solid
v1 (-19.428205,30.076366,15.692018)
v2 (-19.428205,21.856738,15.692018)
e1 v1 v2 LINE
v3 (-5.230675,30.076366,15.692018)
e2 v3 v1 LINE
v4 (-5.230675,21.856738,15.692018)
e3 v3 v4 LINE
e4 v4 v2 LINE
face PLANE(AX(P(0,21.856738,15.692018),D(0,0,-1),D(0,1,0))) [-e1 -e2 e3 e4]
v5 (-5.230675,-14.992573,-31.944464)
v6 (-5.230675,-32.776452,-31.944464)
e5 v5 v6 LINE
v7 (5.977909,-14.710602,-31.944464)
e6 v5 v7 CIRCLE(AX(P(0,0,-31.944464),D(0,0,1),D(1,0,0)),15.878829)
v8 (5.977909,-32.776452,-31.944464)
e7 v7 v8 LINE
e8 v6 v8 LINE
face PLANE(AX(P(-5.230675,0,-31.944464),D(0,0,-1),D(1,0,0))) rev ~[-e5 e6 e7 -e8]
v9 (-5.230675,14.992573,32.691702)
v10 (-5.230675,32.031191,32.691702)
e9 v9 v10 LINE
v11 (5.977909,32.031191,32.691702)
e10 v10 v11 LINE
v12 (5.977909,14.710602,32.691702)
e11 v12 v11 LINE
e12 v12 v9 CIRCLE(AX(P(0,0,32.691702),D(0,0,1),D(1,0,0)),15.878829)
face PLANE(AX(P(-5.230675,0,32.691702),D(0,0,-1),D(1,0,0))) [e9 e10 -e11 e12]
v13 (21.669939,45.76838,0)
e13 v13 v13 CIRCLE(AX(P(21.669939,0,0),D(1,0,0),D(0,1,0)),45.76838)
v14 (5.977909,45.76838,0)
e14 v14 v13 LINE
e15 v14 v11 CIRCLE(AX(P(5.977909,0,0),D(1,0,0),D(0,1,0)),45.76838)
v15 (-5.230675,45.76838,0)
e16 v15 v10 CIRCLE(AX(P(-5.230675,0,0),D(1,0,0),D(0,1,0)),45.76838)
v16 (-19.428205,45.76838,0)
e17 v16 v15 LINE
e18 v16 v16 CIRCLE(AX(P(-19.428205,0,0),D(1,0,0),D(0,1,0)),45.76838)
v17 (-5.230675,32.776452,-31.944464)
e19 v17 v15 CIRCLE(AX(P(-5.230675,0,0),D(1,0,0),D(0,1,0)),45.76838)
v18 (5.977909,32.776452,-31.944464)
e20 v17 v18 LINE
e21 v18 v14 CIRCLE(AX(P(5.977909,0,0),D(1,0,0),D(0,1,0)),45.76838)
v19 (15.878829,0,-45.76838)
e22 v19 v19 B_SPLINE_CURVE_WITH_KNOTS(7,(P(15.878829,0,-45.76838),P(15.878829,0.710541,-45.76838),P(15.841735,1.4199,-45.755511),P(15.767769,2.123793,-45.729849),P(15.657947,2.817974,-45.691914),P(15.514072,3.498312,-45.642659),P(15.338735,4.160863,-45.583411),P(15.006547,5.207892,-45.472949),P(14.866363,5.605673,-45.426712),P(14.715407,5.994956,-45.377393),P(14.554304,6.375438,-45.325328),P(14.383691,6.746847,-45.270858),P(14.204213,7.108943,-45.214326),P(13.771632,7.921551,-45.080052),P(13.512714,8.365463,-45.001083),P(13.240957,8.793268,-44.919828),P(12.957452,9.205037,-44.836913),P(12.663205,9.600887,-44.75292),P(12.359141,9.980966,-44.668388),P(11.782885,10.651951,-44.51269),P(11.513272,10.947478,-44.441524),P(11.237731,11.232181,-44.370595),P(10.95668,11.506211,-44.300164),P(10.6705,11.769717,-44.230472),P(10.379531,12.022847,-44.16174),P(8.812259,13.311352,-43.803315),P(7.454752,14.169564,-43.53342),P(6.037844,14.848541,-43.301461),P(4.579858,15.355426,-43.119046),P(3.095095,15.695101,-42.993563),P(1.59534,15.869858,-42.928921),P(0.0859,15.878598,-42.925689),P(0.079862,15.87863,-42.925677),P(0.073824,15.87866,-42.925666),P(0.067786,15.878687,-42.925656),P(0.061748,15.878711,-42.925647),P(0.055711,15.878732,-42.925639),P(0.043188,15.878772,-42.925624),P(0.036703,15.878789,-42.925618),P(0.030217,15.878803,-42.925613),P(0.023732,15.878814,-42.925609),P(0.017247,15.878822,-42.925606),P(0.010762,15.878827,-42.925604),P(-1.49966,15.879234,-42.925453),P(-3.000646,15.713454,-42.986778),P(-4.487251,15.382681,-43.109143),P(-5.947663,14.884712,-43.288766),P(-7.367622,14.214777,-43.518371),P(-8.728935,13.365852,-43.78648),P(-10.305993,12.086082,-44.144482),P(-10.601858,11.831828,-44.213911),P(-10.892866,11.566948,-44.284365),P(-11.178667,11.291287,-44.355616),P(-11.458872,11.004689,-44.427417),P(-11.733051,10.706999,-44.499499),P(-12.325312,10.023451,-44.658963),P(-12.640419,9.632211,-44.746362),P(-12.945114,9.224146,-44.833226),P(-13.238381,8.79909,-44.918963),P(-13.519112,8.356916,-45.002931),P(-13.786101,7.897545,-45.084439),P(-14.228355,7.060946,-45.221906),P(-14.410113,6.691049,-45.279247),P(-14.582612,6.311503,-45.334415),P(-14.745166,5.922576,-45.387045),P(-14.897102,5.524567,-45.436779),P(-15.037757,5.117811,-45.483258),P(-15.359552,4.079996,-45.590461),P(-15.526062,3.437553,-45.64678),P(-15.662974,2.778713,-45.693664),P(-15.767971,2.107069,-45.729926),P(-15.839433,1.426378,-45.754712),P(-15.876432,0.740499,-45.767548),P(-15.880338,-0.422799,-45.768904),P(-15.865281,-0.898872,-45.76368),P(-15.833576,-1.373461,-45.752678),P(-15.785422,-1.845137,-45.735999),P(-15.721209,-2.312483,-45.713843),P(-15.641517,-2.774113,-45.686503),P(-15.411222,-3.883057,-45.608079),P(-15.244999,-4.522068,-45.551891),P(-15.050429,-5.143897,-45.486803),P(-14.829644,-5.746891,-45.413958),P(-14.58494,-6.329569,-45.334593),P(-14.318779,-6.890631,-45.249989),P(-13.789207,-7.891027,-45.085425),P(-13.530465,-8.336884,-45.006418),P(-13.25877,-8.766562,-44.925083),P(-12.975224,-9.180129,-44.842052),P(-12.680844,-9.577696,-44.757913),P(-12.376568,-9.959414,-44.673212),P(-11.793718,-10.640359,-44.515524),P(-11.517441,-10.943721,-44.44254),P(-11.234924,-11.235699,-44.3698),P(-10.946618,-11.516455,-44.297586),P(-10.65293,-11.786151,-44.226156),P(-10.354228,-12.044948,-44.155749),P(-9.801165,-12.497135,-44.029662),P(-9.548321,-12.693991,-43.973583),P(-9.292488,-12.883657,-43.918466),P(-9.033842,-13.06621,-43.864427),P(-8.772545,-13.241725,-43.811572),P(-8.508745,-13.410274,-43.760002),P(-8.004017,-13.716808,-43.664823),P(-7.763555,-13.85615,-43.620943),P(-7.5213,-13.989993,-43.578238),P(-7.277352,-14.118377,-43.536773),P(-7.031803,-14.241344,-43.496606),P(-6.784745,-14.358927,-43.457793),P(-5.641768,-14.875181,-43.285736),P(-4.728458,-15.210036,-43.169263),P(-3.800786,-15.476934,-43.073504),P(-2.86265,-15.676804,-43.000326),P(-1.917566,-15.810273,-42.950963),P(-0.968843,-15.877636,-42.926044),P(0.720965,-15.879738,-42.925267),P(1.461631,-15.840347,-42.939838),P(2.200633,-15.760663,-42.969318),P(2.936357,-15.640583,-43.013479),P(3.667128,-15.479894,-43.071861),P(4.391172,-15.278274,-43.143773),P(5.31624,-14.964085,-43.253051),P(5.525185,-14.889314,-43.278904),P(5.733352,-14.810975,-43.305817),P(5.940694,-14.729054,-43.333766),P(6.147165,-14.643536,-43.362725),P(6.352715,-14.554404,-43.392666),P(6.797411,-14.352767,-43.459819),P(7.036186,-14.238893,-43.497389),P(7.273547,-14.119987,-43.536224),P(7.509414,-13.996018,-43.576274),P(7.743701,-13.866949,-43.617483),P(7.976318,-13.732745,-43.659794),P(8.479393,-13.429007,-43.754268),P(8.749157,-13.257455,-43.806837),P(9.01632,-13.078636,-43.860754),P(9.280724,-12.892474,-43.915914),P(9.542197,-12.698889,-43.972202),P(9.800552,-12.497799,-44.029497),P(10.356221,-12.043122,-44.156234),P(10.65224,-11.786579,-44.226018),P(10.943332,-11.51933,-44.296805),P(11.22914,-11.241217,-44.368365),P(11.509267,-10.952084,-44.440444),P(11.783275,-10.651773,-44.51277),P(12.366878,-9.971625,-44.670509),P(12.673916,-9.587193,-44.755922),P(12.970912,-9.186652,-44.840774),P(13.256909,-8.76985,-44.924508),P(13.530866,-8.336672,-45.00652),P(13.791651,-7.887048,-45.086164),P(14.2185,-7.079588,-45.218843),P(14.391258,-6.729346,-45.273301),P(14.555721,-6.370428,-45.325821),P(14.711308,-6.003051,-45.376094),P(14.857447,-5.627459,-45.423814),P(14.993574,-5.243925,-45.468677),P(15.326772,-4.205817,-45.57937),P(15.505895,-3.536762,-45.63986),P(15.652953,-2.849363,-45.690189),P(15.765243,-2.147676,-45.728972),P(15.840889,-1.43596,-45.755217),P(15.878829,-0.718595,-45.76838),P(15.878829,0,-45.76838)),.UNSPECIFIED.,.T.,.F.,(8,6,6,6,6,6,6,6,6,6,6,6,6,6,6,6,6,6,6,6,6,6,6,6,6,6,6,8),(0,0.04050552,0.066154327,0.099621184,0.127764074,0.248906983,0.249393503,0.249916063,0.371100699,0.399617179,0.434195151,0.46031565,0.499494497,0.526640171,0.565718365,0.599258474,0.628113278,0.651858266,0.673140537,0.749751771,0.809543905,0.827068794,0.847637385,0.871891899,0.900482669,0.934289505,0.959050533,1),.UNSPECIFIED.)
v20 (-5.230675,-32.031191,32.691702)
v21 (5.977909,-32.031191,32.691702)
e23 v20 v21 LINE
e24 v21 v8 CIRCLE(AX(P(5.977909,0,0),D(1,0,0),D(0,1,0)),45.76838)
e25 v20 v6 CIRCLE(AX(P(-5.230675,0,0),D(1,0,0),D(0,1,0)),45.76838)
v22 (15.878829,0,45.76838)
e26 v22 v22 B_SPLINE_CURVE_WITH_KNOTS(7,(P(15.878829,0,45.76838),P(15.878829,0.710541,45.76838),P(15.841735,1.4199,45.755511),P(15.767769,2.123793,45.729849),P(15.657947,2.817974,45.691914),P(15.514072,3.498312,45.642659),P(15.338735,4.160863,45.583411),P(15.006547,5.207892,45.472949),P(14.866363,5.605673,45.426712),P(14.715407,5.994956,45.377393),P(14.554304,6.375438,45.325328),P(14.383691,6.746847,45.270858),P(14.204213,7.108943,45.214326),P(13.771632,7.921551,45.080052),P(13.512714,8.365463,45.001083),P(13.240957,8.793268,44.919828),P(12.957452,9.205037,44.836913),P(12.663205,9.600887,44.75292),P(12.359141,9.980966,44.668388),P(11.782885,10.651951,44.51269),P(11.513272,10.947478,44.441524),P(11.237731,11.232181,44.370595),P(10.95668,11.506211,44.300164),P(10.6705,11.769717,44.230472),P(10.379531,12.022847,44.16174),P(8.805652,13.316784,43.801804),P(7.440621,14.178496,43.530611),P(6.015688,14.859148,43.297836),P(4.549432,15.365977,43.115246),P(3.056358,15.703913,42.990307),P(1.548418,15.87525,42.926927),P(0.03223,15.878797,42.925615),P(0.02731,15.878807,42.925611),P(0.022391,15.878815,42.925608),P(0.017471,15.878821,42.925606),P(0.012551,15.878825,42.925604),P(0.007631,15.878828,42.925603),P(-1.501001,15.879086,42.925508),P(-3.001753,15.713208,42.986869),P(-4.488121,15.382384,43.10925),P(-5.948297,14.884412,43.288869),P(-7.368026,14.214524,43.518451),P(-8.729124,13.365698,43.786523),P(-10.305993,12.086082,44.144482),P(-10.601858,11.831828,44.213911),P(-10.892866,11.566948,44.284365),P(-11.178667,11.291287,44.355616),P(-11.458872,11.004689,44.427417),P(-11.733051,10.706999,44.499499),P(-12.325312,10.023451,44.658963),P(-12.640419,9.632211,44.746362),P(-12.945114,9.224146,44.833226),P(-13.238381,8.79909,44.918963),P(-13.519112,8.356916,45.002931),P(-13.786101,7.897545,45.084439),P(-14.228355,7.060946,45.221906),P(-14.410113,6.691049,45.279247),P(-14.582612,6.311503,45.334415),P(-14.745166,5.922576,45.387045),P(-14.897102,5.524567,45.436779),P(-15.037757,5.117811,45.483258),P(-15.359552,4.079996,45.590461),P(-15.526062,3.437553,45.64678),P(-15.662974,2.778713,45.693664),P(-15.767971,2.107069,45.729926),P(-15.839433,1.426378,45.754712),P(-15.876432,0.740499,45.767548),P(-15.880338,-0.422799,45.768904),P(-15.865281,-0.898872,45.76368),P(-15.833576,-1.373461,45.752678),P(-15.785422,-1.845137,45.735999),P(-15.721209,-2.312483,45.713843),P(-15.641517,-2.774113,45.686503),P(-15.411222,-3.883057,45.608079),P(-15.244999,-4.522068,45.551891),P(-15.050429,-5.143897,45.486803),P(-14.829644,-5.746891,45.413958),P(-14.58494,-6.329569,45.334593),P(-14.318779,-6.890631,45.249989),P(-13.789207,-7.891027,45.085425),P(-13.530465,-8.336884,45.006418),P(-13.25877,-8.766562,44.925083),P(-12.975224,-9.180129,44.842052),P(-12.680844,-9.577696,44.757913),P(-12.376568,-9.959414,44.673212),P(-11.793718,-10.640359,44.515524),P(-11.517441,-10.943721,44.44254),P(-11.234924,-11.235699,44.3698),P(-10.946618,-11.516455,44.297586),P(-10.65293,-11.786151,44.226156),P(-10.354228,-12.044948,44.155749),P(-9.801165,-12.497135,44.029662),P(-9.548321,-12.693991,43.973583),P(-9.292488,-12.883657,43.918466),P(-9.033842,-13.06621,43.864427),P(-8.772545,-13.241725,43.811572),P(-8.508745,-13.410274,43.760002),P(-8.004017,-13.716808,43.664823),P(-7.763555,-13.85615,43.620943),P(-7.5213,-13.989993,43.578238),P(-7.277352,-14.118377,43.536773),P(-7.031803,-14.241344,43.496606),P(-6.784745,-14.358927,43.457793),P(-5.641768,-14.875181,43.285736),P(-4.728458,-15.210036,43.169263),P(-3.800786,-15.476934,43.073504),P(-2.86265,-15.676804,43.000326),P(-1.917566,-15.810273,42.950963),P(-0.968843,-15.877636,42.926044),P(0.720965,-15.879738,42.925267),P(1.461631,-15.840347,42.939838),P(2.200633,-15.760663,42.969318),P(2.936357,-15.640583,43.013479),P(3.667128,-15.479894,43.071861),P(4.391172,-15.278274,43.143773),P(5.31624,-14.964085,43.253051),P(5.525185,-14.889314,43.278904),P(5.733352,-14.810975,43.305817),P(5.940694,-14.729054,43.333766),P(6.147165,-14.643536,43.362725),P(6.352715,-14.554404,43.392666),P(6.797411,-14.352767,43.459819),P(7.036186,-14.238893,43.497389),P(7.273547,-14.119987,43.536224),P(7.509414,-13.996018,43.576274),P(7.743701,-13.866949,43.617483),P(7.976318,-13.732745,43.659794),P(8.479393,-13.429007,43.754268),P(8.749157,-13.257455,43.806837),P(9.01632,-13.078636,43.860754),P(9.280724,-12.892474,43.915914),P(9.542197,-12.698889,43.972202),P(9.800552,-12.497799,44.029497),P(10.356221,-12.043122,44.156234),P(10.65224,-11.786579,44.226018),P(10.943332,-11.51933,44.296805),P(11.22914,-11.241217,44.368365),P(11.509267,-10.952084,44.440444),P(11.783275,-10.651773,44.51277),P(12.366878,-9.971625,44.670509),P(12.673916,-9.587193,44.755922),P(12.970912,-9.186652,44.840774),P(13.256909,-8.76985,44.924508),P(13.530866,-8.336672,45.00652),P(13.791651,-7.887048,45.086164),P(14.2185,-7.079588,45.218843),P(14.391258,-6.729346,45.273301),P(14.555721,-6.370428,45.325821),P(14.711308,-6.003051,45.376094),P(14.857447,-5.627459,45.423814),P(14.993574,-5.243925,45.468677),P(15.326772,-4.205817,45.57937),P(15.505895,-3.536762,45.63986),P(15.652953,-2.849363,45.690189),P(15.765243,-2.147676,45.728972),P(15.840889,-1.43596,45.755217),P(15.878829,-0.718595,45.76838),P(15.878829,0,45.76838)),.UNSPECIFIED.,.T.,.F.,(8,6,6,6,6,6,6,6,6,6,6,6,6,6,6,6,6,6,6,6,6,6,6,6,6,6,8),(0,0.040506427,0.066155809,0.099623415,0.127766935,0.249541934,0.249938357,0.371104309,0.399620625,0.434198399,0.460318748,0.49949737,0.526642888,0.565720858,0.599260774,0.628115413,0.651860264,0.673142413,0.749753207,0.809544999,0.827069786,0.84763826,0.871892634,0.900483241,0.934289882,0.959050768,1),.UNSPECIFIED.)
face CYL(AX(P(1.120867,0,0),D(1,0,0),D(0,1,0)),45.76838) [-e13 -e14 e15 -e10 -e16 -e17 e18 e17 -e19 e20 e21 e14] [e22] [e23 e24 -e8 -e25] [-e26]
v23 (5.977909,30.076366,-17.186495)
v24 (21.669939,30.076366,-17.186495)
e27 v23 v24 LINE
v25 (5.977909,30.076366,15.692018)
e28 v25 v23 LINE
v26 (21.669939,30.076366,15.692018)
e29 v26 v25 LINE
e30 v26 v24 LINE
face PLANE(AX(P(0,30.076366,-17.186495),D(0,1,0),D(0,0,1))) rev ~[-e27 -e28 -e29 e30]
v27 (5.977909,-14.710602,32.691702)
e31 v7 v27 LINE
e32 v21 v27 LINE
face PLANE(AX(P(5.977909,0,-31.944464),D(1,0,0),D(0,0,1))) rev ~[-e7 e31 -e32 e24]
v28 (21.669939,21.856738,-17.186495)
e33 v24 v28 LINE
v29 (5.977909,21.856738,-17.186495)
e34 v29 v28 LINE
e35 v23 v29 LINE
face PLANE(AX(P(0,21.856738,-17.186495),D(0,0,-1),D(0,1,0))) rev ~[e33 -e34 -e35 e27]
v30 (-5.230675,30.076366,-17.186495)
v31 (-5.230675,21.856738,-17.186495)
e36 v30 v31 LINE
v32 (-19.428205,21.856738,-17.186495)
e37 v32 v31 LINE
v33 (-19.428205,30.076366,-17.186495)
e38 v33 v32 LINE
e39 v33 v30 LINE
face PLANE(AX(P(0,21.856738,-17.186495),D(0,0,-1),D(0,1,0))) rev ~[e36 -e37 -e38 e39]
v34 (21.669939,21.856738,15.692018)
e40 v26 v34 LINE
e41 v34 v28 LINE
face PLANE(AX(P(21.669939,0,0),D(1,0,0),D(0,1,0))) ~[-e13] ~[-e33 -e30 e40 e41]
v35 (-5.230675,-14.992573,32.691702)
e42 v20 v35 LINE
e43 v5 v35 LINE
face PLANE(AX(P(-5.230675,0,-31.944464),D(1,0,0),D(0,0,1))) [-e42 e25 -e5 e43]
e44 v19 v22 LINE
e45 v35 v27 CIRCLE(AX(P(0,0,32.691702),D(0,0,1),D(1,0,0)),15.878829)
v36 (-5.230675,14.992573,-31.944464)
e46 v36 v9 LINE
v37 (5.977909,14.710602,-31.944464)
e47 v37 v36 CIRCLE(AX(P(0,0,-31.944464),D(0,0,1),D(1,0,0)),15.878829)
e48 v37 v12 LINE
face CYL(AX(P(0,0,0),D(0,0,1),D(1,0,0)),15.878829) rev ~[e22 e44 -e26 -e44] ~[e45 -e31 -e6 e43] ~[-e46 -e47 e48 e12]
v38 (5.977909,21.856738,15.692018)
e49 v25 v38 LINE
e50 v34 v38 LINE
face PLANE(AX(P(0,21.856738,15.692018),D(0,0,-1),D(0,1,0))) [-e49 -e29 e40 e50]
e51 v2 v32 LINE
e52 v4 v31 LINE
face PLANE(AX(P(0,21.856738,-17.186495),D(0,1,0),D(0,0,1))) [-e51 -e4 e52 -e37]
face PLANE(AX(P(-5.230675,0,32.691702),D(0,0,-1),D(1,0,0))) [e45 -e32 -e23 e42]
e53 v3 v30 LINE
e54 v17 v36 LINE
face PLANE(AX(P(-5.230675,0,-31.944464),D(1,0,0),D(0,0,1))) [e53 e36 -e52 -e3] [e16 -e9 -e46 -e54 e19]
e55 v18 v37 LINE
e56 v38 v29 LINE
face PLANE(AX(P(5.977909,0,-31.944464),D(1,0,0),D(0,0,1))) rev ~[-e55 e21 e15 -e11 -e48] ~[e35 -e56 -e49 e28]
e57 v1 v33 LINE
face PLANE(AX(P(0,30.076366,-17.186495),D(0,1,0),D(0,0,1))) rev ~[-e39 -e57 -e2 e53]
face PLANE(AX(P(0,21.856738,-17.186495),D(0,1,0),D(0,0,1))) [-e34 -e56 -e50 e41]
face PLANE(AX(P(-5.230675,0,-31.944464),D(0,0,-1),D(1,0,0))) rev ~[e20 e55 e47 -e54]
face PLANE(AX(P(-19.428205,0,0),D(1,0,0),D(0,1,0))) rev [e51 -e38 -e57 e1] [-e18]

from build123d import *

# Parameters (mm, degrees)
F0_W     = 41.098144
F0_H     = 45.76838
F2_W     = 8.219628
F2_H     = 32.878513
F3_DEPTH = 22.5
F4_W     = 11.208584
F4_H     = 64.636167
F5_DEPTH = 50
F6_R     = 15.878829
F7_DEPTH = 50


with BuildPart() as f1:
    # F0 (on Top) → F1 (revolve)
    with BuildSketch(Plane.XY):
        with Locations((1.120867, 22.88419)):
            Rectangle(F0_W, F0_H)
    revolve(axis=Axis((1.120867, 0, 0), (1, 0, 0)))

    # F2 (on Right) → F3 (cut, symmetric)
    with BuildSketch(Plane.YZ):
        with Locations((25.966552, -0.747239)):
            Rectangle(F2_W, F2_H)
    extrude(amount=F3_DEPTH, both=True, mode=Mode.SUBTRACT)

    # F4 (on Front) → F5 (cut, symmetric)
    with BuildSketch(Plane.XZ):
        with Locations((0.373617, 0.373619)):
            Rectangle(F4_W, F4_H)
    extrude(amount=F5_DEPTH, both=True, mode=Mode.SUBTRACT)

    # F6 (on Top) → F7 (cut, symmetric)
    with BuildSketch(Plane.XY):
        Circle(F6_R)
    extrude(amount=F7_DEPTH, both=True, mode=Mode.SUBTRACT)


solid = f1.part
